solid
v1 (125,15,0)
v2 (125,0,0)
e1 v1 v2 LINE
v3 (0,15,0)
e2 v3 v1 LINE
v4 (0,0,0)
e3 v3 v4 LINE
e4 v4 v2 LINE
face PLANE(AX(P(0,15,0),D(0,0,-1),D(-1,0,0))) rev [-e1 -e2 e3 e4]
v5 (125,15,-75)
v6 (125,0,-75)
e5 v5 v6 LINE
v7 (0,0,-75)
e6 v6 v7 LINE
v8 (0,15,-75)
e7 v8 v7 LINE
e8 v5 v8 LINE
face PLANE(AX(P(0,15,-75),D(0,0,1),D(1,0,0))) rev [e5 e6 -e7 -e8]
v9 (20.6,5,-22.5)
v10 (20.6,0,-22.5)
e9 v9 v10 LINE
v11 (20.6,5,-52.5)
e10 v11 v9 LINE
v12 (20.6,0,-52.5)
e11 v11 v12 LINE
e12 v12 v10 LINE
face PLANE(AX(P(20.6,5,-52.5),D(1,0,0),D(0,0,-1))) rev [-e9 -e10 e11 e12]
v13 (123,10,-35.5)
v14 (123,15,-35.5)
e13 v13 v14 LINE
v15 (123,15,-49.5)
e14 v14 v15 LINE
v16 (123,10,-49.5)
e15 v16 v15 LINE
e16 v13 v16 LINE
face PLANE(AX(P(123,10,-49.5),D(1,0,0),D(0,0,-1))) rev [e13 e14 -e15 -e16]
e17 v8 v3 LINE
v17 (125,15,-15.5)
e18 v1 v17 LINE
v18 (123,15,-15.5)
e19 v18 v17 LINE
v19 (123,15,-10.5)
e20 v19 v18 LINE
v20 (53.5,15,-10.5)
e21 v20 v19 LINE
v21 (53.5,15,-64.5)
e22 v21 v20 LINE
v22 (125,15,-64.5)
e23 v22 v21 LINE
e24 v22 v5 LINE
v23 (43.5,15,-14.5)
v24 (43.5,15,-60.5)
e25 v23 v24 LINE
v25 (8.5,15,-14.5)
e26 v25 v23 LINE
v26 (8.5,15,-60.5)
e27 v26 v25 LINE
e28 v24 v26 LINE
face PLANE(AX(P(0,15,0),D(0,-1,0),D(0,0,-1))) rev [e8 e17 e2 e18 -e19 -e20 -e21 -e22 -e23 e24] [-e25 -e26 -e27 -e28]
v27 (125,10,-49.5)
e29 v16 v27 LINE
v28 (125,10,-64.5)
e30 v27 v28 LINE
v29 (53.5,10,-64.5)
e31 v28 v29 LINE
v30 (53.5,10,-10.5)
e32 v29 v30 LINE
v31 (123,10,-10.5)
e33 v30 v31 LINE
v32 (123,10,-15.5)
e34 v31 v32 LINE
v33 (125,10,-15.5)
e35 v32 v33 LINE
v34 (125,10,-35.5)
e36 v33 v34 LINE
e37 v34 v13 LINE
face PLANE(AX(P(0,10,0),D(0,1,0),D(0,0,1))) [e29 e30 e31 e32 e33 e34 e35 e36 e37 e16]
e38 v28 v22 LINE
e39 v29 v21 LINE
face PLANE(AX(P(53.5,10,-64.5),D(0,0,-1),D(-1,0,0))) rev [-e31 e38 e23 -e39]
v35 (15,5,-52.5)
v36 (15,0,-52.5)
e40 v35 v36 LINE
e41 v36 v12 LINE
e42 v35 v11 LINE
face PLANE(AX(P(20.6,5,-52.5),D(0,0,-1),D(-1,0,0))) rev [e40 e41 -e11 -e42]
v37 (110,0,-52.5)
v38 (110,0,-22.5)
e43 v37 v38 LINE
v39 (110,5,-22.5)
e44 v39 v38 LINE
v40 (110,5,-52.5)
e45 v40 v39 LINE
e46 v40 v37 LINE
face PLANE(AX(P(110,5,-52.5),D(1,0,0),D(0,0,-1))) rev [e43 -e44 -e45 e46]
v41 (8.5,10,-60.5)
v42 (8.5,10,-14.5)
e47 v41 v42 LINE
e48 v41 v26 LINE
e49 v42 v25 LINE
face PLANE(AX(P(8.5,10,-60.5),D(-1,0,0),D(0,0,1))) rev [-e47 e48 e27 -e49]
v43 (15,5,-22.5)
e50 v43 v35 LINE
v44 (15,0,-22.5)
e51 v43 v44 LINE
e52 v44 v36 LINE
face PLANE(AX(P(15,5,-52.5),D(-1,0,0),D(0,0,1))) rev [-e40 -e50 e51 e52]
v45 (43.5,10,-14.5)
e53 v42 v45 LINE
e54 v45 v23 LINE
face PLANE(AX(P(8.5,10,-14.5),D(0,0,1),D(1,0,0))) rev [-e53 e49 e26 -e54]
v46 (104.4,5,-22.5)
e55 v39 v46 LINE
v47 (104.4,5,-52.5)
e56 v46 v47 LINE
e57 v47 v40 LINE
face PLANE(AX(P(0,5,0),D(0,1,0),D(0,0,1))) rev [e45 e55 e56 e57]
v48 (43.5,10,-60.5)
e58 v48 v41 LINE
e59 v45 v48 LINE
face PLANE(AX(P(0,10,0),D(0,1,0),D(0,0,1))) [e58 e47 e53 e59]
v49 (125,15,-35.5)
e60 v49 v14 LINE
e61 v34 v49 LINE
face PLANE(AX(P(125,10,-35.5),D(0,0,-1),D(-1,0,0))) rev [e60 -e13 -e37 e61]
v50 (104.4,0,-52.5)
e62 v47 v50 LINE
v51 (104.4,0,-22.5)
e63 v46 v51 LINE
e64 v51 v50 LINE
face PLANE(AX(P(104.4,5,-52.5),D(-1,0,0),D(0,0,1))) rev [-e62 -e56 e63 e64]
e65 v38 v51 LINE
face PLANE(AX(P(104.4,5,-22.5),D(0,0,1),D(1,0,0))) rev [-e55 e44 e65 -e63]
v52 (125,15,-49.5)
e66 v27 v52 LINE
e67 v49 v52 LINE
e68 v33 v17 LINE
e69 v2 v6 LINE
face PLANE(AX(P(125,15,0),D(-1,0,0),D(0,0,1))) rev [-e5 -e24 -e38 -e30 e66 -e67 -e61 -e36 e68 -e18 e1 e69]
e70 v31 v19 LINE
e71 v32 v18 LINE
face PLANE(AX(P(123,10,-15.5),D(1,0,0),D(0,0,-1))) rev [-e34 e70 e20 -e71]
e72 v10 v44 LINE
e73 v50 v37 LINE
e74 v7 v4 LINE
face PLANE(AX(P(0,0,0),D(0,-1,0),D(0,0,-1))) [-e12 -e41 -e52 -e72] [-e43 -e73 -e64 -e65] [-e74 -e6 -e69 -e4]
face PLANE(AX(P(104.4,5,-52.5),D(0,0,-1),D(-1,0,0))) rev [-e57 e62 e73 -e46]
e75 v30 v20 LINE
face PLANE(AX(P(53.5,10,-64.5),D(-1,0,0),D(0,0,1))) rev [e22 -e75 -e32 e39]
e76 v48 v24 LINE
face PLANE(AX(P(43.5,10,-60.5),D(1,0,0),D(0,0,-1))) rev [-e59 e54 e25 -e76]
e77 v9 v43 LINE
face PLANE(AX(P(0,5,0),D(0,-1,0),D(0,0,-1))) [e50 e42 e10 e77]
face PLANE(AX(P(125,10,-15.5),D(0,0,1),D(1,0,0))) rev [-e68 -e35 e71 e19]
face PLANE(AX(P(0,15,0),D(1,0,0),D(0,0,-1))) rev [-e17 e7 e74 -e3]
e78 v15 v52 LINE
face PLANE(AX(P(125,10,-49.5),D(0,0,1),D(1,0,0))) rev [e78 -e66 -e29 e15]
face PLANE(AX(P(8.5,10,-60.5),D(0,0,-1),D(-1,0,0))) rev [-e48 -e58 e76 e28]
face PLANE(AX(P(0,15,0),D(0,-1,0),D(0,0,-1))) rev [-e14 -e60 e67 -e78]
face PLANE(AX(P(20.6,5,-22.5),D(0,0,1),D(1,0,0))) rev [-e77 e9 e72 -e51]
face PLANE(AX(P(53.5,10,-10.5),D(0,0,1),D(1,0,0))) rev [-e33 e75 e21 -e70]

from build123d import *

# Parameters (mm, degrees)
SKETCH1_W           = 125
SKETCH1_H           = 75
BOSS_EXTRUDE1_DEPTH = 15
SKETCH2_W           = 35
SKETCH2_H           = 46
CUT_EXTRUDE4_DEPTH  = 5
SKETCH3_W           = 5.6
SKETCH3_H           = 30
CUT_EXTRUDE5_DEPTH  = 5


with BuildPart() as part:
    # Sketch1 → Boss-Extrude1 (new body)
    with BuildSketch(Plane(origin=(0, 0, 0), x_dir=(1, 0, 0), z_dir=(0, 1, 0))):
        with Locations((62.5, 37.5)):
            Rectangle(SKETCH1_W, SKETCH1_H)
    extrude(amount=BOSS_EXTRUDE1_DEPTH)

    # Sketch2 → Cut-Extrude4 (cut)
    with BuildSketch(Plane(origin=(0, 15, 0), x_dir=(1, 0, 0), z_dir=(0, 1, 0))):
        Polygon((53.5, 64.5), (125, 64.5), (125, 49.5), (123, 49.5), (123, 35.5), (125, 35.5), (125, 15.5), (123, 15.5), (123, 10.5), (53.5, 10.5), align=None)
        with Locations((26, 37.5)):
            Rectangle(SKETCH2_W, SKETCH2_H)
    extrude(amount=-CUT_EXTRUDE4_DEPTH, mode=Mode.SUBTRACT)

    # Sketch3 → Cut-Extrude5 (cut)
    with BuildSketch(Plane.XZ):
        with Locations((17.8, -37.5)):
            Rectangle(SKETCH3_W, SKETCH3_H)
        with Locations((107.2, -37.5)):
            Rectangle(SKETCH3_W, SKETCH3_H)
    extrude(amount=-CUT_EXTRUDE5_DEPTH, mode=Mode.SUBTRACT)


solid = part.part
